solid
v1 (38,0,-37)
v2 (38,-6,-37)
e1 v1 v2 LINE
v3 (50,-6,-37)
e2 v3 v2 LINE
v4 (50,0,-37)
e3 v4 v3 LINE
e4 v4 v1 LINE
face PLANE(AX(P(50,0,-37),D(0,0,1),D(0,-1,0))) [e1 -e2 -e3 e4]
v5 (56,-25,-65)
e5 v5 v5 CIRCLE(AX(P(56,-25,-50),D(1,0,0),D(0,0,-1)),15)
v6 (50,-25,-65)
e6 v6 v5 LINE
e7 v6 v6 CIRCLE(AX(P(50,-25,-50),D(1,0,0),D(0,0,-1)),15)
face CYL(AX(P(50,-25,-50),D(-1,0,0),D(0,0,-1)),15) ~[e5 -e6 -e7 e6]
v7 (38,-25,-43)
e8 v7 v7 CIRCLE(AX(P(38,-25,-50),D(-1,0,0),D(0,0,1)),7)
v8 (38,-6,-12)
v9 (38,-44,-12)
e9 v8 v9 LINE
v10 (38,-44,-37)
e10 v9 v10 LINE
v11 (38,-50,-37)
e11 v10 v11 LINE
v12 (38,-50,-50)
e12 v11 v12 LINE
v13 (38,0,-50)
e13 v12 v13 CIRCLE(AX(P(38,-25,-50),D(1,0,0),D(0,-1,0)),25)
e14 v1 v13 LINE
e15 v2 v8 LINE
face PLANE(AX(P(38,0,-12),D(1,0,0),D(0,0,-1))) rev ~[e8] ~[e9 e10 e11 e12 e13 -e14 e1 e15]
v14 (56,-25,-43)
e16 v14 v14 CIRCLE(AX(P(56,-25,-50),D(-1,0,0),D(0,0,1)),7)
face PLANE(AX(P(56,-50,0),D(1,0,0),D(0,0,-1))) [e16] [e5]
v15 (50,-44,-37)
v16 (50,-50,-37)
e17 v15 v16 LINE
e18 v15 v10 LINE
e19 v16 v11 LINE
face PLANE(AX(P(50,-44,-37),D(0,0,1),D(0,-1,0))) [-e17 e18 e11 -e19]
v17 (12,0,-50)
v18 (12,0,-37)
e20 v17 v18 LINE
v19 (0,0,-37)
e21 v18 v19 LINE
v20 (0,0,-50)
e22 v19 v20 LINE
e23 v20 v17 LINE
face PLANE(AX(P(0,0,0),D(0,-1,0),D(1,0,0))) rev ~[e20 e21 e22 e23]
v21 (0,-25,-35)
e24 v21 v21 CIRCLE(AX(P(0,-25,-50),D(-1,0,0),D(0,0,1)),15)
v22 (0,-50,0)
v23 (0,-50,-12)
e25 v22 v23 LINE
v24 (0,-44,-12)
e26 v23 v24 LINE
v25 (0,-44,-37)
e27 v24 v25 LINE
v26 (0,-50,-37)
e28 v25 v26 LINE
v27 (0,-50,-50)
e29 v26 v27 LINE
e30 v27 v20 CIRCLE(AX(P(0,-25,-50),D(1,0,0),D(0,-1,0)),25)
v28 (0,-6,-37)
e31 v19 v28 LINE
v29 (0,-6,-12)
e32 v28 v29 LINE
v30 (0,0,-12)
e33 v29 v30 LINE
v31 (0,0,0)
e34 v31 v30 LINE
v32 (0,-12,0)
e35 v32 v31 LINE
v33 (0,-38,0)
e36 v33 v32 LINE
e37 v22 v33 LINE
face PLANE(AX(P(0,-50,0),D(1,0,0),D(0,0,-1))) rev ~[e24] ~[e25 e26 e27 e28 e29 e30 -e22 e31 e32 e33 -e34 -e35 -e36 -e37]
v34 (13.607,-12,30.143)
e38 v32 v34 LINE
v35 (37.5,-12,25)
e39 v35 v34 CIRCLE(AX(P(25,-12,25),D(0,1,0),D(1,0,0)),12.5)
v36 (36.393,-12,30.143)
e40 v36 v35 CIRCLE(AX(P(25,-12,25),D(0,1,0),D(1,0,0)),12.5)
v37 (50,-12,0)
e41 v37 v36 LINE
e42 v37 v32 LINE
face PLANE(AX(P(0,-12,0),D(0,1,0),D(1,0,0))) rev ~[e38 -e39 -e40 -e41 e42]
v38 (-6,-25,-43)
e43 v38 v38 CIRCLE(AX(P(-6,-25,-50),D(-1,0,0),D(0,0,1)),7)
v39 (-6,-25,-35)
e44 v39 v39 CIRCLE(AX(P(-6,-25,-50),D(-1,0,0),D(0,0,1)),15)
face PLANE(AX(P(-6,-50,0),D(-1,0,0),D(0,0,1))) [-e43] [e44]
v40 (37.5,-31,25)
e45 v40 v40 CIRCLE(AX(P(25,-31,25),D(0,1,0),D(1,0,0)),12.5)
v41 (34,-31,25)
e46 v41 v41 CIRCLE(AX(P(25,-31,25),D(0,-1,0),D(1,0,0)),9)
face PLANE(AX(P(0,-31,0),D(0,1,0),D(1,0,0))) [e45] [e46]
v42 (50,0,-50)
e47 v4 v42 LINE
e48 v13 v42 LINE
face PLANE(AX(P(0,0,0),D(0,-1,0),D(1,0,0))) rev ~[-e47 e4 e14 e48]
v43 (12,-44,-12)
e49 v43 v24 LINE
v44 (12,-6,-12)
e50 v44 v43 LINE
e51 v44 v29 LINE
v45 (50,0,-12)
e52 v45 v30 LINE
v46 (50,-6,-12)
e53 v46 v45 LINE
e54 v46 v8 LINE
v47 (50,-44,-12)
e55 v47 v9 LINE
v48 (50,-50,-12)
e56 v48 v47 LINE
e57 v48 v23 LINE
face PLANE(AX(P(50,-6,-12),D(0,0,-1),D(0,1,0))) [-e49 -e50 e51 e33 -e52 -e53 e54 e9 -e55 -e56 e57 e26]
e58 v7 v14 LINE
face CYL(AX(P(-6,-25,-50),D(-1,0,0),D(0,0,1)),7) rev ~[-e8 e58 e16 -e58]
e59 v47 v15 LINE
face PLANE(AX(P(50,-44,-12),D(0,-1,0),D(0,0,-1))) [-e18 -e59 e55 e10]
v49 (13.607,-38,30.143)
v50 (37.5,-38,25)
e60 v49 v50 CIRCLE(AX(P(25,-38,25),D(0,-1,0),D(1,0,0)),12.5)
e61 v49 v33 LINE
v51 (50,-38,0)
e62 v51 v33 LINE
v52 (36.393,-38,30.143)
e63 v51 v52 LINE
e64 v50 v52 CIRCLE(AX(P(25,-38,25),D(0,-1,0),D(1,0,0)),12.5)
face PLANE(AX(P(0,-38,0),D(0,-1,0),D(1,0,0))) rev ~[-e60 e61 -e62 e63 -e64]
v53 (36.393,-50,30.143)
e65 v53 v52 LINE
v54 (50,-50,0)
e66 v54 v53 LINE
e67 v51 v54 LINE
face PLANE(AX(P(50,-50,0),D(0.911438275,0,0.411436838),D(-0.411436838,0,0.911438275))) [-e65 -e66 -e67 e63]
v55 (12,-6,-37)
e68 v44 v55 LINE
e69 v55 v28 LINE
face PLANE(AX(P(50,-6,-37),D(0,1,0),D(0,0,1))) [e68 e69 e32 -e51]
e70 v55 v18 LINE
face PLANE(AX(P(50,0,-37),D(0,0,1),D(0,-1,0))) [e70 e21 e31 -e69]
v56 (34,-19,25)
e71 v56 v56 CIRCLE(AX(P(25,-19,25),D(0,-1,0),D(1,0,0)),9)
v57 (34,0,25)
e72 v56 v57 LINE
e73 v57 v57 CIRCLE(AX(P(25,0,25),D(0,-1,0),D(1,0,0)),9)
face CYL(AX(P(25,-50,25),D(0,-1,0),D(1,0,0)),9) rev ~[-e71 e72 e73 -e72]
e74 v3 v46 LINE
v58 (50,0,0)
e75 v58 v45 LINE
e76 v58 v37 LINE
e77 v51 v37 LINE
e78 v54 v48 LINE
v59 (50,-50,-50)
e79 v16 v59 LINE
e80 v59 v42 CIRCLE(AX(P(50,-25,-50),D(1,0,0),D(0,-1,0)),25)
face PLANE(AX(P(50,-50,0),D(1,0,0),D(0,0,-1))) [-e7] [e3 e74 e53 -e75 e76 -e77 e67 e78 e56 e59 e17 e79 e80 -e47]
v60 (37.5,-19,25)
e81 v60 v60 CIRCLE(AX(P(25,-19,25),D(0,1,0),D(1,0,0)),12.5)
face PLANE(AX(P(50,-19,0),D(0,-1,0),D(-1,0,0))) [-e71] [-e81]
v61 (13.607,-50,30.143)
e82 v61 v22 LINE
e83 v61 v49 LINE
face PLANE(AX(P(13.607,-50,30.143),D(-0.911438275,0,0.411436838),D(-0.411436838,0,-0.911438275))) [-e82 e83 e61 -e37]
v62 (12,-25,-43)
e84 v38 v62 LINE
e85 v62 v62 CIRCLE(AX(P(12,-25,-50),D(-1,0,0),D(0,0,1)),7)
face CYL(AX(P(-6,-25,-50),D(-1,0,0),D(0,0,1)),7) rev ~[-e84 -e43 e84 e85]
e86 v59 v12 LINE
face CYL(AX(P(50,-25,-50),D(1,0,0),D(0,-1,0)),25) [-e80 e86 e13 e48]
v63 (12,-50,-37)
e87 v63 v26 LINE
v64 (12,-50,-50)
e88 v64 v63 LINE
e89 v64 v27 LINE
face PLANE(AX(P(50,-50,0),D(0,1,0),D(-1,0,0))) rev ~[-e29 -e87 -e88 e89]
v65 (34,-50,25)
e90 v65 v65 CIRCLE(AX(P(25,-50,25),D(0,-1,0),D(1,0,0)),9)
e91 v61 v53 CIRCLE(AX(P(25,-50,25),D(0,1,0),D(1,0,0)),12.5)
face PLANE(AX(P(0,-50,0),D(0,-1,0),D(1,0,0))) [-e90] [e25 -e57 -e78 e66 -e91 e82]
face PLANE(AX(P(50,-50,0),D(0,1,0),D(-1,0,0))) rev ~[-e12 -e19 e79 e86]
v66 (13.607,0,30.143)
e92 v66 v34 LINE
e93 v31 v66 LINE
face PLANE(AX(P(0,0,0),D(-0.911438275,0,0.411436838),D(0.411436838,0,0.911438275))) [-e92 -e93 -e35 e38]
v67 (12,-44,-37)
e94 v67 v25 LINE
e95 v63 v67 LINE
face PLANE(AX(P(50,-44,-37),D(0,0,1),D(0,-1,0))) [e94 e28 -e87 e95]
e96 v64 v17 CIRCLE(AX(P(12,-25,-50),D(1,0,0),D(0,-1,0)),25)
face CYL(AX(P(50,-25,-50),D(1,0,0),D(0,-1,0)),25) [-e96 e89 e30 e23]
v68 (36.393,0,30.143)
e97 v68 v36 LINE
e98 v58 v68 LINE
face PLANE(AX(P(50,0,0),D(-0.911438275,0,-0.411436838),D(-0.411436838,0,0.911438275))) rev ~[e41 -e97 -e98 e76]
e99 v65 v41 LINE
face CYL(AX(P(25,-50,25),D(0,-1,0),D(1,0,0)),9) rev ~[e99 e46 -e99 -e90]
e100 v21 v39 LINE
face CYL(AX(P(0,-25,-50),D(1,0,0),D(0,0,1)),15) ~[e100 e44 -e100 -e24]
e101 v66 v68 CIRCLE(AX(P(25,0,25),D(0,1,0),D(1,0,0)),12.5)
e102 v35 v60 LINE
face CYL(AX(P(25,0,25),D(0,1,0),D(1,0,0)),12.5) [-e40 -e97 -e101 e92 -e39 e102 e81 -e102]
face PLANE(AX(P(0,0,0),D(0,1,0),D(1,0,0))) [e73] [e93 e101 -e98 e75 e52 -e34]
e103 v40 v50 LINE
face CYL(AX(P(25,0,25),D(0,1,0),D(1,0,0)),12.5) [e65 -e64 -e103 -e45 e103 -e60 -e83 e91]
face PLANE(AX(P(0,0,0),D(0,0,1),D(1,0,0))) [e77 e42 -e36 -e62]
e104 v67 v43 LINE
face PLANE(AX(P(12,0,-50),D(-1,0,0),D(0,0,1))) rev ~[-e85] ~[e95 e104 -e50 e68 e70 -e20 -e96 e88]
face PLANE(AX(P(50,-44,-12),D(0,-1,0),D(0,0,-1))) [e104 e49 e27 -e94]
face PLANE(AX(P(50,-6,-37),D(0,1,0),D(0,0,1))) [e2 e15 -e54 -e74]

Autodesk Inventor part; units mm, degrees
ref_plane "YZ Plane" through (0, 0, 0) normal (1, 0, 0) x (0, 1, 0)
ref_plane "XZ Plane" through (0, 0, 0) normal (0, 1, 0) x (-1, 0, 0)
ref_plane "XY Plane" through (0, 0, 0) normal (0, 0, 1) x (1, 0, 0)
sketch "Náčrt1" plane through (0, 0, 0) normal (0, 0, 1) x (1, 0, 0)
  line L0 (0, 0) -> (50, 0)
  line L1 (50, 0) -> (50, -50)
  line L2 (50, -50) -> (0, -50)
  line L3 (0, -50) -> (0, 0)
  dimension "d0" = 50
  dimension "d1" = 50
extrude "Vysunutí1" add sketch "Náčrt1" against normal blind 50
sketch "Náčrt2" plane through (0, 0, 0) normal (0, 1, 0) x (1, 0, 0)
  line L0 (12, 12) -> (38, 12)
  line L1 (38, 12) -> (38, 50)
  line L2 (38, 50) -> (12, 50)
  line L3 (12, 50) -> (12, 12)
  line L4 (0, 50) -> (50, 50) projected
  line L5 (0, 0) -> (0, 50) projected
  dimension "d4" = 12
  dimension "d5" = 26
  dimension "d6" = 38
extrude "Vysunutí2" cut sketch "Náčrt2" against normal blind 50
sketch "Náčrt3" plane through (50, -50, 0) normal (1, 0, 0) x (0, 0, -1)
  line L0 (12, 50) -> (37, 50)
  line L1 (37, 50) -> (37, 44)
  line L2 (37, 44) -> (12, 44)
  line L3 (12, 44) -> (12, 50)
  line L4 (0, 50) -> (50, 50) projected
  line L5 (0, 0) -> (0, 50) projected
  point P0 (37, 47)
  point P1 (12, 47)
  dimension "d9" = 12
  dimension "d10" = 25
  dimension "d11" = 6
extrude "Vysunutí3" cut sketch "Náčrt3" against normal blind 50
sketch "Náčrt4" plane through (50, -50, 0) normal (1, 0, 0) x (0, 0, -1)
  line L0 (12, 6) -> (37, 6)
  line L1 (37, 6) -> (37, 0)
  line L2 (37, 0) -> (12, 0)
  line L3 (12, 0) -> (12, 6)
  line L4 (0, 0) -> (50, 0) projected
  line L5 (0, 0) -> (0, 50) projected
  point P0 (37, 3)
  point P1 (12, 3)
  dimension "d14" = 12
  dimension "d15" = 6
  dimension "d16" = 25
extrude "Vysunutí4" cut sketch "Náčrt4" against normal blind 50
sketch "Náčrt5" plane through (50, -50, 0) normal (1, 0, 0) x (0, 0, -1)
  line L0 (50, 0) -> (50, 50) projected
  arc A0 (50, 0) -> (50, 50) centre (50, 25) ccw
  point P0 (0, 50)
extrude "Vysunutí5" add sketch "Náčrt5" against normal blind 50
sketch "Náčrt6" plane through (38, 0, -37) normal (0, 1, 0) x (1, 0, 0)
  line L0 (-26, 13) -> (-38, 13) projected
  line L1 (-26, 13) -> (0, 13)
  line L2 (0, 13) -> (0, 55.1409)
  line L3 (0, 55.1409) -> (-26, 55.1409)
  line L4 (-26, 55.1409) -> (-26, 13)
  point P0 (-38, -37)
extrude "Vysunutí6" cut sketch "Náčrt6" against normal blind 50
sketch "Náčrt7" plane through (50, -50, 0) normal (1, 0, 0) x (0, 0, -1)
  circle A0 centre (50, 25) radius 15
  point P0 (0, 50)
  dimension "d23" = 30
extrude "Vysunutí7" add sketch "Náčrt7" along normal blind 6
sketch "Náčrt8" plane through (0, -50, 0) normal (-1, 0, 0) x (0, 0, 1)
  circle A0 centre (-50, 25) radius 15 projected
  circle A1 centre (-50, 25) radius 15
  point P0 (0, 50)
extrude "Vysunutí8" add sketch "Náčrt8" along normal blind 6
sketch "Náčrt9" plane through (-6, -25, -50) normal (-1, 0, 0) x (0, 0, 1)
  circle A0 centre (0, 0) radius 7
  point P0 (50, 25)
  dimension "d28" = 14
extrude "Vysunutí9" cut sketch "Náčrt9" against normal blind 100
sketch "Náčrt10" plane through (0, 0, 0) normal (0, 1, 0) x (1, 0, 0)
  circle A0 centre (25, -25) radius 12.5
  line L0 (0, 0) -> (13.607, -30.143)
  line L1 (50, 0) -> (50, 12) projected
  line L2 (50, 0) -> (36.393, -30.143)
  dimension "d31" = 25
extrude "Vysunutí10" add sketch "Náčrt10" against normal blind 50
sketch "Náčrt11" plane through (25, 0, 25) normal (0, 1, 0) x (1, 0, 0)
  point P0 (-25, 25)
sketch "Náčrt12" plane through (0, 0, 0) normal (0, 1, 0) x (1, 0, 0)
  line L0 (50, 0) -> (0, 0) projected
  line L1 (0, 0) -> (13.607, -30.143)
  line L2 (50, 0) -> (36.393, -30.143)
  circle A0 centre (25, -25) radius 12.5 projected
extrude "Vysunutí11" add sketch "Náčrt12" against normal blind 12 contours L2 A0 L1 L0
sketch "Náčrt13" plane through (0, -50, 0) normal (0, -1, 0) x (1, 0, 0)
  line L0 (50, 0) -> (50, -12) projected
  line L1 (50, 0) -> (36.393, 30.143)
  line L2 (13.607, 30.143) -> (0, 0) projected
  line L3 (0, 0) -> (13.607, 30.143)
  circle A0 centre (25, 25) radius 12.5 projected
  line L4 (50, 0) -> (50, -12) projected
  line L5 (0, 0) -> (0, -12) projected
  line L6 (50, 0) -> (0, 0)
extrude "Vysunutí12" add sketch "Náčrt13" against normal blind 12 contours L6 L2 A0 L1
sketch "Náčrt16" plane through (0, 0, 0) normal (0, 0, 1) x (1, 0, 0)
  point P0 (0, 0)
sketch "Náčrt17" plane through (0, 0, 0) normal (0, 0, 1) x (1, 0, 0)
  point P0 (0, 0)
sketch "Náčrt18" plane through (0, 0, 0) normal (0, 0, 1) x (1, 0, 0)
  line L0 (50, -10) -> (50, -40) projected
  line L1 (0, 0) -> (0, -50) projected
  line L2 (50, -19) -> (0, -19)
  line L3 (0, -19) -> (0, -31)
  line L4 (0, -31) -> (50, -31)
  line L5 (50, -31) -> (50, -19)
  dimension "d38" = 12
extrude "Vysunutí13" cut sketch "Náčrt18" along normal blind 100
sketch "Náčrt19" plane through (0, -50, -12) normal (0, -1, 0) x (1, 0, 0)
  arc A0 (13.607, 42.143) -> (36.393, 42.143) centre (25, 37) ccw projected
  circle A1 centre (25, 37) radius 9
  point P0 (0, 12)
  dimension "d41" = 18
extrude "Vysunutí14" cut sketch "Náčrt19" against normal blind 100
properties part number "Opakování_1" material "Stříbro"
